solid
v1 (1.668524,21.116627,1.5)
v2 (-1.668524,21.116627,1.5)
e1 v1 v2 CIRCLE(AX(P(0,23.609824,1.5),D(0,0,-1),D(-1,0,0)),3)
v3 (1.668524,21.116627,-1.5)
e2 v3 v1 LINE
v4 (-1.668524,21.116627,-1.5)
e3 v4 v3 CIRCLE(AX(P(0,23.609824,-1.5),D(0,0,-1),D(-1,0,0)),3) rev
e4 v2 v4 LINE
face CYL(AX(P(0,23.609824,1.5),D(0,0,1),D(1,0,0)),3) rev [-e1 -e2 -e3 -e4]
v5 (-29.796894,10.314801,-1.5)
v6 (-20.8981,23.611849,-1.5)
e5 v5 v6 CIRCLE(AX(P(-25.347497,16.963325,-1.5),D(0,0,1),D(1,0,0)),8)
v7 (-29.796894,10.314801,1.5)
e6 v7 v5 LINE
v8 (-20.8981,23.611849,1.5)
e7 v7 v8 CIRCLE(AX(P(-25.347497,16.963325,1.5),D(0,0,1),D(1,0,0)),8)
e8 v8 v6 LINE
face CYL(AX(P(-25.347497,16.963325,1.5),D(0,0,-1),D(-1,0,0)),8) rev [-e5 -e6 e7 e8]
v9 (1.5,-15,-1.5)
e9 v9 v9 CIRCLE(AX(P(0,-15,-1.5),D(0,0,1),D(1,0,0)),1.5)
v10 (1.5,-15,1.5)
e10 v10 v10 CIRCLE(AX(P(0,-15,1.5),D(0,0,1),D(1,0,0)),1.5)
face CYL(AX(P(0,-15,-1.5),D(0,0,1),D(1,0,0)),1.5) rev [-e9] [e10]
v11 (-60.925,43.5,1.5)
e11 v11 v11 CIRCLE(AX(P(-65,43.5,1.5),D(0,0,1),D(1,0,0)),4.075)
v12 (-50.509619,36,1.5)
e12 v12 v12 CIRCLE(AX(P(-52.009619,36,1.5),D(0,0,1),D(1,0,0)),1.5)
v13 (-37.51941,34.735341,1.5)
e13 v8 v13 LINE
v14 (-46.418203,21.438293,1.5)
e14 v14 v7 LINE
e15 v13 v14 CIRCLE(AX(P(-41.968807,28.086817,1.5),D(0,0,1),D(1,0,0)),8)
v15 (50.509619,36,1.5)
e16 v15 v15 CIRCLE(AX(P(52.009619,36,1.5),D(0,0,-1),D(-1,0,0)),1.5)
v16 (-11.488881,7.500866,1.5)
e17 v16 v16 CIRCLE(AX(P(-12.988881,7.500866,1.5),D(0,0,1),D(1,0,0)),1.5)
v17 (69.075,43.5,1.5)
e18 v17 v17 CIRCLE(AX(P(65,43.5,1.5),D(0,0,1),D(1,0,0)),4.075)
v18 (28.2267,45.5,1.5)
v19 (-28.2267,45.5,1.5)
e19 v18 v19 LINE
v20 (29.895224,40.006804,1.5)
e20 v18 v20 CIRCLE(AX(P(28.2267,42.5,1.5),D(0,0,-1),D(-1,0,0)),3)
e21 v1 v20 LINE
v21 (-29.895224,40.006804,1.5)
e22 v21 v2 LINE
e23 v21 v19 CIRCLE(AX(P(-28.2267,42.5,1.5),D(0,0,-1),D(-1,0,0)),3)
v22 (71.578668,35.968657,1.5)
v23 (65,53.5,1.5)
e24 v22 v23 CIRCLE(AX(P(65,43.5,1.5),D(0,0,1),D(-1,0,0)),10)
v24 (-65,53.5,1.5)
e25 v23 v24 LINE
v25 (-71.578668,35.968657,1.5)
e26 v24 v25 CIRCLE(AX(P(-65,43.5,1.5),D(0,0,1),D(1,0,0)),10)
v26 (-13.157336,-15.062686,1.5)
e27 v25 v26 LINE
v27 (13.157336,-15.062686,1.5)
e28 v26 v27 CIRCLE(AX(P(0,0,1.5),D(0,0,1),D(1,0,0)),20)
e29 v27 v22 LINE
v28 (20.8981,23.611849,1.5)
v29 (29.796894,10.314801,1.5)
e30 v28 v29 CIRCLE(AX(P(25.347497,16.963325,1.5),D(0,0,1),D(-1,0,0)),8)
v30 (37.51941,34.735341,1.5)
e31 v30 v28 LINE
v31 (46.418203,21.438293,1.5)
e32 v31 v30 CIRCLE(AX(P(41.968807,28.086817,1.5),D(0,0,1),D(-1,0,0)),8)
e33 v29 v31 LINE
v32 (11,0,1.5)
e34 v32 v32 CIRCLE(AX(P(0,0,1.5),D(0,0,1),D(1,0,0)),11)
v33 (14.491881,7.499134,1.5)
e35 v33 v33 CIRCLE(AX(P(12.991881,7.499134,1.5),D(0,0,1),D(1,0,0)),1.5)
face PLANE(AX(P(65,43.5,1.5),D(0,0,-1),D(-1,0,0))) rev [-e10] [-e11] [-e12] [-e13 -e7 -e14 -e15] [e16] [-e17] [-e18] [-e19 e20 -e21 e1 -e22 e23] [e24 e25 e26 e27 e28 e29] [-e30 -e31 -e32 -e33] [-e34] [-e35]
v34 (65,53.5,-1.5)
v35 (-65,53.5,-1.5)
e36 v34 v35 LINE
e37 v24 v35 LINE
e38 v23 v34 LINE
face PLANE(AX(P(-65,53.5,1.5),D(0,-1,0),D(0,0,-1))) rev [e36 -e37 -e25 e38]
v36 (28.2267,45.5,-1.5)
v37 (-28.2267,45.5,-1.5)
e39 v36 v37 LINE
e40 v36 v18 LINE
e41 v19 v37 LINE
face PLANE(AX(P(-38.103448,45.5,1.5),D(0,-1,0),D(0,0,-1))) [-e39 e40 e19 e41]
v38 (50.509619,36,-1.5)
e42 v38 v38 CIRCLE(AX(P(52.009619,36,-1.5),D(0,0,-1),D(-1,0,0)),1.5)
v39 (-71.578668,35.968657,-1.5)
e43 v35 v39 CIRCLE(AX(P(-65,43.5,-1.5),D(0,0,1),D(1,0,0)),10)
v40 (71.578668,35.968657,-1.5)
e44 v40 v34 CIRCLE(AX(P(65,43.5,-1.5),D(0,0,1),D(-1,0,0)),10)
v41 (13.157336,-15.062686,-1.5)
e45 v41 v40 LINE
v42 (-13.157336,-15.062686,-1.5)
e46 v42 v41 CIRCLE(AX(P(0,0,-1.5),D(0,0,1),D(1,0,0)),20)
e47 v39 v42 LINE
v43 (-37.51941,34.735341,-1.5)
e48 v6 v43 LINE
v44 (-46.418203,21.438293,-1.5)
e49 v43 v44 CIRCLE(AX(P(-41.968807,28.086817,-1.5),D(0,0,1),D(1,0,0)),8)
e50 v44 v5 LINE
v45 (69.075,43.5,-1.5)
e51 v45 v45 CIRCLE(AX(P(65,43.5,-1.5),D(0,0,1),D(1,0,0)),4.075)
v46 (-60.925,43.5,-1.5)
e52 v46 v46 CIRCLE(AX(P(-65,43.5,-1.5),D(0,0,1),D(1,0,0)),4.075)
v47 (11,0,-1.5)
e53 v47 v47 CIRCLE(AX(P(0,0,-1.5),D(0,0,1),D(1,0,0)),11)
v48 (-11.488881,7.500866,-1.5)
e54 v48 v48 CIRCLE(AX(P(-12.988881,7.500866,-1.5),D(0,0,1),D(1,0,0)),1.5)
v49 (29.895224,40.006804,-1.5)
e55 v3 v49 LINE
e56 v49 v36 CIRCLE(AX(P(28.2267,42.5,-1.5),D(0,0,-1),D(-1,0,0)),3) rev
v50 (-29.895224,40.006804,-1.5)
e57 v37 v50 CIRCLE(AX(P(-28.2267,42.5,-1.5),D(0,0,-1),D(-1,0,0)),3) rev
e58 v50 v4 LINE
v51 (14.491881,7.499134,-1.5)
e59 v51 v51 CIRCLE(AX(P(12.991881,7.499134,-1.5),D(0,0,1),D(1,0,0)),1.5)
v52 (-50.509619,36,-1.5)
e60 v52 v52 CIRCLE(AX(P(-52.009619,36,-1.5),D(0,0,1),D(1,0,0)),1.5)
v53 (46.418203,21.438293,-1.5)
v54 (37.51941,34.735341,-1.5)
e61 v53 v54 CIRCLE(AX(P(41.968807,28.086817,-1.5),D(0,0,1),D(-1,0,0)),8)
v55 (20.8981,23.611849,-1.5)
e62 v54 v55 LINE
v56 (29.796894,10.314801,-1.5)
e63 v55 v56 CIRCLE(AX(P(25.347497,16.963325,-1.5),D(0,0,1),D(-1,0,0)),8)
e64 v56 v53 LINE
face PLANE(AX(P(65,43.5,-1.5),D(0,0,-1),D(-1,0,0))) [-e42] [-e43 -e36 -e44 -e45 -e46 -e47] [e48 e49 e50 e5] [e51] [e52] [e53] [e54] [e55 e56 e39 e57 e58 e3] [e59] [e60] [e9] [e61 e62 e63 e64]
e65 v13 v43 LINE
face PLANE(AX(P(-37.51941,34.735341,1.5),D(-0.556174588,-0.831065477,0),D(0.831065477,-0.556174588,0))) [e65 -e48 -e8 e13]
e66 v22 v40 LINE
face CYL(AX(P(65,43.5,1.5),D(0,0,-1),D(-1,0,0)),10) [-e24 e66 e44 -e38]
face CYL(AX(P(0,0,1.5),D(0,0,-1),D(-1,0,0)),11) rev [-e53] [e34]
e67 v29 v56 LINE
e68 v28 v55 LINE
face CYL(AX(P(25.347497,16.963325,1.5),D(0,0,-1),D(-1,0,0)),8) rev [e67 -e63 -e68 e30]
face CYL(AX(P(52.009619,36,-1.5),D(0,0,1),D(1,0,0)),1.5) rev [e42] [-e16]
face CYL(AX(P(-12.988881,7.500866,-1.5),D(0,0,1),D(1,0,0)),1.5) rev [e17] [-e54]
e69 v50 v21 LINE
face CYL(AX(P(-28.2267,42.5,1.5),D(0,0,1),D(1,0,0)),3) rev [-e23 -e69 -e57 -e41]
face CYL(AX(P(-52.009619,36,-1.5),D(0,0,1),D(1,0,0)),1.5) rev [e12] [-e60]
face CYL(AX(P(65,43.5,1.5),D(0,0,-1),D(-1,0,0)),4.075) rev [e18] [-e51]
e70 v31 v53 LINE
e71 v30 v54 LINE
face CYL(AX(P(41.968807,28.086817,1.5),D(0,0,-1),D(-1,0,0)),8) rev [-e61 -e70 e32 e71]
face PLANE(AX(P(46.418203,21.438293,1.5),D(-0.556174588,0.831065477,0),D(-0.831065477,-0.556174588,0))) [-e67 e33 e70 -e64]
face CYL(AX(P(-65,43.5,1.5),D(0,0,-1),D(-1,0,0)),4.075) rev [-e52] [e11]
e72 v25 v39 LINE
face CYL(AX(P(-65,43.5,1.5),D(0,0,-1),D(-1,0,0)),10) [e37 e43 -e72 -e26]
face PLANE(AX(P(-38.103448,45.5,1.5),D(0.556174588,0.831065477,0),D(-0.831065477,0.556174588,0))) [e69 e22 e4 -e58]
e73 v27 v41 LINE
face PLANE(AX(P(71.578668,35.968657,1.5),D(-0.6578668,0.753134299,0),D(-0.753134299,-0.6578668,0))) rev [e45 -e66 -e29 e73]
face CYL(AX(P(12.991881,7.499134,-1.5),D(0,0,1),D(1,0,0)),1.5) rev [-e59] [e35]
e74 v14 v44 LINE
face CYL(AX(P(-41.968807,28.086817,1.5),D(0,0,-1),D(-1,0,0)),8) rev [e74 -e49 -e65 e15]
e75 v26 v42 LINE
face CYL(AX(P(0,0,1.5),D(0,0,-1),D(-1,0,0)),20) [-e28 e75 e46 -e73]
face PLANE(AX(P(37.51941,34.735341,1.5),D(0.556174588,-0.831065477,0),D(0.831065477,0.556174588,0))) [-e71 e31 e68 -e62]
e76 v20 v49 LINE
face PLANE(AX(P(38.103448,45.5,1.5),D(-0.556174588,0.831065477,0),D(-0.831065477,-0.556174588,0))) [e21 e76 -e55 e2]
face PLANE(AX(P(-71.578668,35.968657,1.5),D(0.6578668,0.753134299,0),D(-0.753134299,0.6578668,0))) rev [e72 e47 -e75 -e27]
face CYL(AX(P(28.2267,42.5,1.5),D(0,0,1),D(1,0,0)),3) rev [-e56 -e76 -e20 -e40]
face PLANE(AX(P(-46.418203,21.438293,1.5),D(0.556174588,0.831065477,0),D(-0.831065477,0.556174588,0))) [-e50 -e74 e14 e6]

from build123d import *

# Parameters (mm, degrees)
SKETCH1_R               = 11
SKETCH1_R_2             = 4.075
BOSS_EXTRUDE1_DEPTH     = 1.5
CUT_EXTRUDE1_DEPTH      = 93.138482731
CUT_EXTRUDE1_DEPTH_BACK = 93.138482731
SKETCH2_R               = 1.5
SKETCH3_R               = 1.5
CUT_EXTRUDE2_DEPTH      = 93.138482731
FILLET2_R               = 3


with BuildPart() as part:
    # Sketch1 → Boss-Extrude1 (new, symmetric)
    with BuildSketch(Plane.XY):
        with BuildLine():
            Line((-71.578668004, 35.968657006), (-13.157336008, -15.062685988))
            ThreePointArc((-13.157336008, -15.062685988), (0, -20), (13.157336008, -15.062685988))
            Line((13.157336008, -15.062685988), (71.578668004, 35.968657006))
            ThreePointArc((71.578668004, 35.968657006), (74.362516487, 47.013301158), (65, 53.5))
            Line((65, 53.5), (-65, 53.5))
            ThreePointArc((-65, 53.5), (-74.362516487, 47.013301158), (-71.578668004, 35.968657006))
        make_face()
        Circle(SKETCH1_R, mode=Mode.SUBTRACT)
        with Locations((-65, 43.5)):
            Circle(SKETCH1_R_2, mode=Mode.SUBTRACT)
        with Locations((65, 43.5)):
            Circle(SKETCH1_R_2, mode=Mode.SUBTRACT)
        Polygon((-38.103448276, 45.5), (38.103448276, 45.5), (0, 20), align=None, mode=Mode.SUBTRACT)
        with BuildLine():
            Line((-37.519409883, 34.735340535), (-20.898100342, 23.611848765))
            ThreePointArc((-20.898100342, 23.611848765), (-18.698973233, 12.513928241), (-29.796893758, 10.314801132))
            Line((-29.796893758, 10.314801132), (-46.418203298, 21.438292902))
            ThreePointArc((-46.418203298, 21.438292902), (-48.617330407, 32.536213426), (-37.519409883, 34.735340535))
        make_face(mode=Mode.SUBTRACT)
        with BuildLine():
            Line((37.519409883, 34.735340535), (20.898100342, 23.611848765))
            ThreePointArc((20.898100342, 23.611848765), (18.698973233, 12.513928241), (29.796893758, 10.314801132))
            Line((29.796893758, 10.314801132), (46.418203298, 21.438292902))
            ThreePointArc((46.418203298, 21.438292902), (48.617330407, 32.536213426), (37.519409883, 34.735340535))
        make_face(mode=Mode.SUBTRACT)
    extrude(amount=BOSS_EXTRUDE1_DEPTH, both=True)

    # Sketch2 → Cut-Extrude1 (cut, two sides: drawn at the far end of the back side and taken through both)
    with BuildSketch(Plane.XY.offset(-CUT_EXTRUDE1_DEPTH_BACK)):
        with Locations((0, -15)):
            Circle(SKETCH2_R)
        with Locations((-12.988881057, 7.500866025)):
            Circle(SKETCH2_R)
        with Locations((12.991881057, 7.499133975)):
            Circle(SKETCH2_R)
    extrude(amount=CUT_EXTRUDE1_DEPTH + CUT_EXTRUDE1_DEPTH_BACK, mode=Mode.SUBTRACT)

    # Sketch3 → Cut-Extrude2 (cut, symmetric)
    with BuildSketch(Plane.XY):
        with Locations((-65, 58.5)):
            Circle(SKETCH3_R)
        with Locations((-52.009618943, 36)):
            Circle(SKETCH3_R)
        with Locations((-77.990381057, 36)):
            Circle(SKETCH3_R)
    cut_extrude2 = extrude(amount=CUT_EXTRUDE2_DEPTH, both=True, mode=Mode.SUBTRACT)

    # Mirror1: Cut-Extrude2 across plane
    add(cut_extrude2.mirror(Plane(origin=(0, 0, 0), x_dir=(0, 0, 1), z_dir=(1, 0, 0))), mode=Mode.SUBTRACT)

    # Fillet2
    fillet2_edges = [part.edges().sort_by_distance(p)[0] for p in [
        (0, 20, 0),
        (38.103448276, 45.5, 0),
        (-38.103448276, 45.5, 0),
    ]]
    fillet(fillet2_edges, radius=FILLET2_R)


solid = part.part
